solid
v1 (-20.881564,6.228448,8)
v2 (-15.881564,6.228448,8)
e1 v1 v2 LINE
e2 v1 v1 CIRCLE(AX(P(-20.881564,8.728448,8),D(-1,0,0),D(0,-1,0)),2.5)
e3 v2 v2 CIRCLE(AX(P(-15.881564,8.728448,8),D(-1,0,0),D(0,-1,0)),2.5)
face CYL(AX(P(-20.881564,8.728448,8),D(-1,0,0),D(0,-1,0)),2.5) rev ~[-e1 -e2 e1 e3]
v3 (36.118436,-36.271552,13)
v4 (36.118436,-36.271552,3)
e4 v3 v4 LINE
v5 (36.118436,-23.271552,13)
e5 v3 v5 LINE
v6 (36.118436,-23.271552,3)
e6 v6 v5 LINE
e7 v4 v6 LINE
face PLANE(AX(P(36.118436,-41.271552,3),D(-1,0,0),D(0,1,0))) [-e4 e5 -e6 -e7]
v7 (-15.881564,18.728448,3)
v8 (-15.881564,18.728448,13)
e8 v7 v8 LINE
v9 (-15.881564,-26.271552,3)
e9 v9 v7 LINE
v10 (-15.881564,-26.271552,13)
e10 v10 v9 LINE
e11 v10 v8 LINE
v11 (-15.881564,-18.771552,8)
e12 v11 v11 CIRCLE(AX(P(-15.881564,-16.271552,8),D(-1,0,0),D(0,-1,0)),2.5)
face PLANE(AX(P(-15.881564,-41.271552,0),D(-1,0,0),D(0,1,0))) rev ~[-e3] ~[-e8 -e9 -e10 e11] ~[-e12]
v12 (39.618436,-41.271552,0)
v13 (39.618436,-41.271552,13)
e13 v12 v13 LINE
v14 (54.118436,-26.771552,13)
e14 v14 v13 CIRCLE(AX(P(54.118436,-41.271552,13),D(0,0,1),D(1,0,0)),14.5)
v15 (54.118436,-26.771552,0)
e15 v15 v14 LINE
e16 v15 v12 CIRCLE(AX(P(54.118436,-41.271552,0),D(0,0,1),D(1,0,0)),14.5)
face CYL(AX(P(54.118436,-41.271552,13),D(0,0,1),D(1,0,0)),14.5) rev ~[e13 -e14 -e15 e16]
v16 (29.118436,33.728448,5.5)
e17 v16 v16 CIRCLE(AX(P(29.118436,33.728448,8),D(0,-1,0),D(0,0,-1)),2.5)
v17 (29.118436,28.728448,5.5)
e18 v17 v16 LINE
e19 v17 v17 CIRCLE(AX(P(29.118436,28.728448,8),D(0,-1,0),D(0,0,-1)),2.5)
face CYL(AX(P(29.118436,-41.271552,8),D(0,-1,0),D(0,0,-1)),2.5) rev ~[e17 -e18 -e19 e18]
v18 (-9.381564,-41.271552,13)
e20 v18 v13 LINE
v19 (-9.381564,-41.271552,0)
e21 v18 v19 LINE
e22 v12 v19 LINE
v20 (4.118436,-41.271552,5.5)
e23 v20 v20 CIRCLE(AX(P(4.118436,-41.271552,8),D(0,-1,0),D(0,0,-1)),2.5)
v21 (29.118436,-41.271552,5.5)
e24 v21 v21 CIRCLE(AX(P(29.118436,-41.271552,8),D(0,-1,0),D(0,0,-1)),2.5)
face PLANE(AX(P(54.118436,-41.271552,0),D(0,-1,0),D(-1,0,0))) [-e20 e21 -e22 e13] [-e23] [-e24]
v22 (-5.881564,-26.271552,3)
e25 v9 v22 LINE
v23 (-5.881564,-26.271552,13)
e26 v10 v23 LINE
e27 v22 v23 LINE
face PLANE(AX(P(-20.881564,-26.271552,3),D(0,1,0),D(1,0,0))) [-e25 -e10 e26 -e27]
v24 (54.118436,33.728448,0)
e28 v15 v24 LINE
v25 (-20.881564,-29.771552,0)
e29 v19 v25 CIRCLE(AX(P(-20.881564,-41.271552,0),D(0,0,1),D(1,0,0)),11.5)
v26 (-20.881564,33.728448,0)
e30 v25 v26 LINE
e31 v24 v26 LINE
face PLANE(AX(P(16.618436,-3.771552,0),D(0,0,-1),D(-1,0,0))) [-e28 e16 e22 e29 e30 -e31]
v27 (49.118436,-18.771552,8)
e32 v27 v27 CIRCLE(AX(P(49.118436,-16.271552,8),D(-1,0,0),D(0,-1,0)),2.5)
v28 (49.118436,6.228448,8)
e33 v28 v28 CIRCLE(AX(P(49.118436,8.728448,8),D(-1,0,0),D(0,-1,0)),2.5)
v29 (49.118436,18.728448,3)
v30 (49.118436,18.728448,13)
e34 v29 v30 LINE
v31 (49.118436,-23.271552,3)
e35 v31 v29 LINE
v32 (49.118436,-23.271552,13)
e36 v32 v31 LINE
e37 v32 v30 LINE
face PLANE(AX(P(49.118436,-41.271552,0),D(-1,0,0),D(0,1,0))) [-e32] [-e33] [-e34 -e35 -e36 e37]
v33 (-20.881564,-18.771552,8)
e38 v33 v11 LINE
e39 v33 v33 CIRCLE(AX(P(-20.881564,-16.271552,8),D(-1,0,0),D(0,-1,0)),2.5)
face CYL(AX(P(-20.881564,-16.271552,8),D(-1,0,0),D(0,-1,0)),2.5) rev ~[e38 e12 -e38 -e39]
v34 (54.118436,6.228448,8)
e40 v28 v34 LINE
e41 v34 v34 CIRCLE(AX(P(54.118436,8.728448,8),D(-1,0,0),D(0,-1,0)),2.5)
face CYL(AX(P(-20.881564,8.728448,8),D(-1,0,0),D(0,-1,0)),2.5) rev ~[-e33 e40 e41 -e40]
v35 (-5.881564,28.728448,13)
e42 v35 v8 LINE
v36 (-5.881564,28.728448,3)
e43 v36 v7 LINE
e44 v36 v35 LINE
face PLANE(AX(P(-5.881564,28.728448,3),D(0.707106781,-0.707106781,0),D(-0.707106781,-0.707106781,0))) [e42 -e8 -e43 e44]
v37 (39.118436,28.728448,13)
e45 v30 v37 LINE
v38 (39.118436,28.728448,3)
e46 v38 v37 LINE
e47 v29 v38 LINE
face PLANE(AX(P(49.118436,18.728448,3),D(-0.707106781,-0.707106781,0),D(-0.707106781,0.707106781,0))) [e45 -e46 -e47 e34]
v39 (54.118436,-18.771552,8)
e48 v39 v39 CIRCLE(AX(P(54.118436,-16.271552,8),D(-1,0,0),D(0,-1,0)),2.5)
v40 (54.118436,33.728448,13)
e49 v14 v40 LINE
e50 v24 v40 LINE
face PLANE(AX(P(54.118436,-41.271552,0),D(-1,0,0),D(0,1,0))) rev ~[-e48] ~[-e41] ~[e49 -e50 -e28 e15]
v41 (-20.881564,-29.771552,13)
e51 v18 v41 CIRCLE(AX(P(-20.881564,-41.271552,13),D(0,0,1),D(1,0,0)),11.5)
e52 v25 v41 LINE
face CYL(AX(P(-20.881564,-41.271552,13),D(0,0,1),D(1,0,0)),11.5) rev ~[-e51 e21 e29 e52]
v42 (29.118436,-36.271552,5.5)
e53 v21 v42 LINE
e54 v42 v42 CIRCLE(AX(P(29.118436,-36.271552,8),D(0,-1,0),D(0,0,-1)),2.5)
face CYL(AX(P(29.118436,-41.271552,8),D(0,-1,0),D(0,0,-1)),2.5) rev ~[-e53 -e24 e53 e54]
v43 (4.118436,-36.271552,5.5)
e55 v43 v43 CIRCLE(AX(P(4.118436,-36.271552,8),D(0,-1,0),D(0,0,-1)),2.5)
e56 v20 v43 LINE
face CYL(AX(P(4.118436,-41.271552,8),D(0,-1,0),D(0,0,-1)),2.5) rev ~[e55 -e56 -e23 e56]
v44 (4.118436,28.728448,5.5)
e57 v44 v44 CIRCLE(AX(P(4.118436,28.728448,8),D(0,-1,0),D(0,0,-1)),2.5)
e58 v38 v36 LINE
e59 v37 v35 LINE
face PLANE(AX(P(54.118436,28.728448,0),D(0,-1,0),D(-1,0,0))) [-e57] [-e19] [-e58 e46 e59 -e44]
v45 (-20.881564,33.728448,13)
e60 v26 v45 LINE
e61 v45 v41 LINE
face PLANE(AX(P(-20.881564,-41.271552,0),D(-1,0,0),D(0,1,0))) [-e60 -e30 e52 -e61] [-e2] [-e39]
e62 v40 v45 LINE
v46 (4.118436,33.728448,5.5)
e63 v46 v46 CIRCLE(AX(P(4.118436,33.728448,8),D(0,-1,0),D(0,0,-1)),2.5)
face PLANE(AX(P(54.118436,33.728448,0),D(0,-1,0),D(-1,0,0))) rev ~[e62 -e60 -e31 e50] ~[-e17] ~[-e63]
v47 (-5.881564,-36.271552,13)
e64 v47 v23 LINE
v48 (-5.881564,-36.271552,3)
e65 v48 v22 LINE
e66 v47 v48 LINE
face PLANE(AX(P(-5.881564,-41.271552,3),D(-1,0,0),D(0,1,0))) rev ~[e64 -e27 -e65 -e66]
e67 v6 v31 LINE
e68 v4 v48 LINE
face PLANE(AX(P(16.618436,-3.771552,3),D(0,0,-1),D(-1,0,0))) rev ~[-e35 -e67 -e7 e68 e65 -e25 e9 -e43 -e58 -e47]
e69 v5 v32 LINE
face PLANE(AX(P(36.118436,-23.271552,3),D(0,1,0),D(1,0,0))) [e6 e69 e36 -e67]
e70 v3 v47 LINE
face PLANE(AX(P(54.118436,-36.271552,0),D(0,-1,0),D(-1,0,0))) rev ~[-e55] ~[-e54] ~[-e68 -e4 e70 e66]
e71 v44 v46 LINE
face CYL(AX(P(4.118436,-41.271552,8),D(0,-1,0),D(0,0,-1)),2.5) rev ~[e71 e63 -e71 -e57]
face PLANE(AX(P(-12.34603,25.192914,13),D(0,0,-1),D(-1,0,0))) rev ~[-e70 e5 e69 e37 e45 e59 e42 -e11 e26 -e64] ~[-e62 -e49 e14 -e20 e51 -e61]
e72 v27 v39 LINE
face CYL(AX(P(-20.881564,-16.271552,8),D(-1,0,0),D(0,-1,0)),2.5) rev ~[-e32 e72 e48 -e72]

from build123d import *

# Parameters (mm, degrees)
BOSS_EXTRU_1_DEPTH        = 13
COQUE1_T                  = -5
COQUE1_THICKNESS_2_FACE_W = 65
COQUE1_THICKNESS_2_FACE_H = 65
COQUE1_THICKNESS_2_DEPTH  = 2
ENL_V_MAT_EXTRU_1_REACH   = 88.587
ESQUISSE2_R               = 2.5
ENL_V_MAT_EXTRU_2_REACH   = 95.396
ESQUISSE3_R               = 2.5
ESQUISSE4_W               = 18
ESQUISSE4_H               = 18
ESQUISSE4_W_2             = 15
ESQUISSE4_H_2             = 15
BOSS_EXTRU_2_DEPTH        = 10
ESQUISSE5_R               = 11.5
ESQUISSE5_R_2             = 14.5
ENL_V_MAT_EXTRU_3_DEPTH   = 13


with BuildPart() as part:
    # Esquisse1 → Boss.-Extru.1 (new body)
    with BuildSketch(Plane.XY):
        Polygon((44.118436308, 33.728448276), (54.118436308, 33.728448276), (54.118436308, 23.728448276), (54.118436308, -41.271551724), (-20.881563692, -41.271551724), (-20.881563692, 33.728448276), align=None)
    extrude(amount=BOSS_EXTRU_1_DEPTH)

    # Coque1
    coque1_openings = [part.faces().sort_by_distance(p)[0] for p in [
        (16.618436308, -3.771551724, 13),
    ]]
    offset(amount=COQUE1_T, openings=coque1_openings, kind=Kind.INTERSECTION)

    # Coque1 thickness 2 face (on inner face of the shell) → Coque1 thickness 2 (cut)
    with BuildSketch(Plane(origin=(16.618436308, -3.771551724, 5), x_dir=(-1, 0, 0), z_dir=(0, 0, -1))):
        Rectangle(COQUE1_THICKNESS_2_FACE_W, COQUE1_THICKNESS_2_FACE_H)
    extrude(amount=COQUE1_THICKNESS_2_DEPTH, mode=Mode.SUBTRACT)

    # Enlèv. mat.-Extru.1: up to this face of the body (flat: up to its plane)
    enl_v_mat_extru_1_end = Plane(part.part.faces().sort_by_distance((54.118436308, -3.771551724, 6.5))[0])
    # Esquisse2 → Enlèv. mat.-Extru.1 (cut, up to the picked face)
    with BuildSketch(Plane.ZY.offset(20.881563692), mode=Mode.PRIVATE) as enl_v_mat_extru_1_sk1:
        with Locations(Location((8, -16.271551724, 0), (0, 0, 270))):
            Circle(ESQUISSE2_R)
    enl_v_mat_extru_1_tool1 = split(extrude(enl_v_mat_extru_1_sk1.sketch, amount=-ENL_V_MAT_EXTRU_1_REACH, mode=Mode.PRIVATE), bisect_by=enl_v_mat_extru_1_end, keep=Keep.BOTH, mode=Mode.PRIVATE)
    # Esquisse2 → Enlèv. mat.-Extru.1 (cut, up to the picked face)
    with BuildSketch(Plane.ZY.offset(20.881563692), mode=Mode.PRIVATE) as enl_v_mat_extru_1_sk2:
        with Locations(Location((8, 8.728448276, 0), (0, 0, 270))):
            Circle(ESQUISSE2_R)
    enl_v_mat_extru_1_tool2 = split(extrude(enl_v_mat_extru_1_sk2.sketch, amount=-ENL_V_MAT_EXTRU_1_REACH, mode=Mode.PRIVATE), bisect_by=enl_v_mat_extru_1_end, keep=Keep.BOTH, mode=Mode.PRIVATE)
    add(enl_v_mat_extru_1_tool1.solids().sort_by(Axis((-20.881564, -16.271552, 8), (1, 0, 0)))[0], mode=Mode.SUBTRACT)
    add(enl_v_mat_extru_1_tool2.solids().sort_by(Axis((-20.881564, 8.728448, 8), (1, 0, 0)))[0], mode=Mode.SUBTRACT)

    # Enlèv. mat.-Extru.2: up to this face of the body (flat: up to its plane)
    enl_v_mat_extru_2_end = Plane(part.part.faces().sort_by_distance((16.618436308, 33.728448276, 6.5))[0])
    # Esquisse3 → Enlèv. mat.-Extru.2 (cut, up to the picked face)
    with BuildSketch(Plane.XZ.offset(41.271551724), mode=Mode.PRIVATE) as enl_v_mat_extru_2_sk1:
        with Locations(Location((4.118436308, 8, 0), (0, 0, 270))):
            Circle(ESQUISSE3_R)
    enl_v_mat_extru_2_tool1 = split(extrude(enl_v_mat_extru_2_sk1.sketch, amount=-ENL_V_MAT_EXTRU_2_REACH, mode=Mode.PRIVATE), bisect_by=enl_v_mat_extru_2_end, keep=Keep.BOTH, mode=Mode.PRIVATE)
    # Esquisse3 → Enlèv. mat.-Extru.2 (cut, up to the picked face)
    with BuildSketch(Plane.XZ.offset(41.271551724), mode=Mode.PRIVATE) as enl_v_mat_extru_2_sk2:
        with Locations(Location((29.118436308, 8, 0), (0, 0, 270))):
            Circle(ESQUISSE3_R)
    enl_v_mat_extru_2_tool2 = split(extrude(enl_v_mat_extru_2_sk2.sketch, amount=-ENL_V_MAT_EXTRU_2_REACH, mode=Mode.PRIVATE), bisect_by=enl_v_mat_extru_2_end, keep=Keep.BOTH, mode=Mode.PRIVATE)
    add(enl_v_mat_extru_2_tool1.solids().sort_by(Axis((4.118436, -41.271552, 8), (0, 1, 0)))[0], mode=Mode.SUBTRACT)
    add(enl_v_mat_extru_2_tool2.solids().sort_by(Axis((29.118436, -41.271552, 8), (0, 1, 0)))[0], mode=Mode.SUBTRACT)

    # Esquisse4 → Boss.-Extru.2 (add)
    with BuildSketch(Plane.XY.offset(3)):
        Polygon((-5.881563692, 28.728448276), (-15.881563692, 18.728448276), (-15.881563692, 28.728448276), align=None)
        Polygon((49.118436308, 28.728448276), (49.118436308, 18.728448276), (39.118436308, 28.728448276), align=None)
        with Locations((45.118436308, -32.271551724)):
            Rectangle(ESQUISSE4_W, ESQUISSE4_H)
        with Locations((-13.381563692, -33.771551724)):
            Rectangle(ESQUISSE4_W_2, ESQUISSE4_H_2)
    extrude(amount=BOSS_EXTRU_2_DEPTH)

    # Esquisse5 → Enlèv. mat.-Extru.3 (cut)
    with BuildSketch(Plane.XY.offset(13)):
        with Locations((-20.881563692, -41.271551724)):
            Circle(ESQUISSE5_R)
        with Locations((54.118436308, -41.271551724)):
            Circle(ESQUISSE5_R_2)
    extrude(amount=-ENL_V_MAT_EXTRU_3_DEPTH, mode=Mode.SUBTRACT)


solid = part.part
